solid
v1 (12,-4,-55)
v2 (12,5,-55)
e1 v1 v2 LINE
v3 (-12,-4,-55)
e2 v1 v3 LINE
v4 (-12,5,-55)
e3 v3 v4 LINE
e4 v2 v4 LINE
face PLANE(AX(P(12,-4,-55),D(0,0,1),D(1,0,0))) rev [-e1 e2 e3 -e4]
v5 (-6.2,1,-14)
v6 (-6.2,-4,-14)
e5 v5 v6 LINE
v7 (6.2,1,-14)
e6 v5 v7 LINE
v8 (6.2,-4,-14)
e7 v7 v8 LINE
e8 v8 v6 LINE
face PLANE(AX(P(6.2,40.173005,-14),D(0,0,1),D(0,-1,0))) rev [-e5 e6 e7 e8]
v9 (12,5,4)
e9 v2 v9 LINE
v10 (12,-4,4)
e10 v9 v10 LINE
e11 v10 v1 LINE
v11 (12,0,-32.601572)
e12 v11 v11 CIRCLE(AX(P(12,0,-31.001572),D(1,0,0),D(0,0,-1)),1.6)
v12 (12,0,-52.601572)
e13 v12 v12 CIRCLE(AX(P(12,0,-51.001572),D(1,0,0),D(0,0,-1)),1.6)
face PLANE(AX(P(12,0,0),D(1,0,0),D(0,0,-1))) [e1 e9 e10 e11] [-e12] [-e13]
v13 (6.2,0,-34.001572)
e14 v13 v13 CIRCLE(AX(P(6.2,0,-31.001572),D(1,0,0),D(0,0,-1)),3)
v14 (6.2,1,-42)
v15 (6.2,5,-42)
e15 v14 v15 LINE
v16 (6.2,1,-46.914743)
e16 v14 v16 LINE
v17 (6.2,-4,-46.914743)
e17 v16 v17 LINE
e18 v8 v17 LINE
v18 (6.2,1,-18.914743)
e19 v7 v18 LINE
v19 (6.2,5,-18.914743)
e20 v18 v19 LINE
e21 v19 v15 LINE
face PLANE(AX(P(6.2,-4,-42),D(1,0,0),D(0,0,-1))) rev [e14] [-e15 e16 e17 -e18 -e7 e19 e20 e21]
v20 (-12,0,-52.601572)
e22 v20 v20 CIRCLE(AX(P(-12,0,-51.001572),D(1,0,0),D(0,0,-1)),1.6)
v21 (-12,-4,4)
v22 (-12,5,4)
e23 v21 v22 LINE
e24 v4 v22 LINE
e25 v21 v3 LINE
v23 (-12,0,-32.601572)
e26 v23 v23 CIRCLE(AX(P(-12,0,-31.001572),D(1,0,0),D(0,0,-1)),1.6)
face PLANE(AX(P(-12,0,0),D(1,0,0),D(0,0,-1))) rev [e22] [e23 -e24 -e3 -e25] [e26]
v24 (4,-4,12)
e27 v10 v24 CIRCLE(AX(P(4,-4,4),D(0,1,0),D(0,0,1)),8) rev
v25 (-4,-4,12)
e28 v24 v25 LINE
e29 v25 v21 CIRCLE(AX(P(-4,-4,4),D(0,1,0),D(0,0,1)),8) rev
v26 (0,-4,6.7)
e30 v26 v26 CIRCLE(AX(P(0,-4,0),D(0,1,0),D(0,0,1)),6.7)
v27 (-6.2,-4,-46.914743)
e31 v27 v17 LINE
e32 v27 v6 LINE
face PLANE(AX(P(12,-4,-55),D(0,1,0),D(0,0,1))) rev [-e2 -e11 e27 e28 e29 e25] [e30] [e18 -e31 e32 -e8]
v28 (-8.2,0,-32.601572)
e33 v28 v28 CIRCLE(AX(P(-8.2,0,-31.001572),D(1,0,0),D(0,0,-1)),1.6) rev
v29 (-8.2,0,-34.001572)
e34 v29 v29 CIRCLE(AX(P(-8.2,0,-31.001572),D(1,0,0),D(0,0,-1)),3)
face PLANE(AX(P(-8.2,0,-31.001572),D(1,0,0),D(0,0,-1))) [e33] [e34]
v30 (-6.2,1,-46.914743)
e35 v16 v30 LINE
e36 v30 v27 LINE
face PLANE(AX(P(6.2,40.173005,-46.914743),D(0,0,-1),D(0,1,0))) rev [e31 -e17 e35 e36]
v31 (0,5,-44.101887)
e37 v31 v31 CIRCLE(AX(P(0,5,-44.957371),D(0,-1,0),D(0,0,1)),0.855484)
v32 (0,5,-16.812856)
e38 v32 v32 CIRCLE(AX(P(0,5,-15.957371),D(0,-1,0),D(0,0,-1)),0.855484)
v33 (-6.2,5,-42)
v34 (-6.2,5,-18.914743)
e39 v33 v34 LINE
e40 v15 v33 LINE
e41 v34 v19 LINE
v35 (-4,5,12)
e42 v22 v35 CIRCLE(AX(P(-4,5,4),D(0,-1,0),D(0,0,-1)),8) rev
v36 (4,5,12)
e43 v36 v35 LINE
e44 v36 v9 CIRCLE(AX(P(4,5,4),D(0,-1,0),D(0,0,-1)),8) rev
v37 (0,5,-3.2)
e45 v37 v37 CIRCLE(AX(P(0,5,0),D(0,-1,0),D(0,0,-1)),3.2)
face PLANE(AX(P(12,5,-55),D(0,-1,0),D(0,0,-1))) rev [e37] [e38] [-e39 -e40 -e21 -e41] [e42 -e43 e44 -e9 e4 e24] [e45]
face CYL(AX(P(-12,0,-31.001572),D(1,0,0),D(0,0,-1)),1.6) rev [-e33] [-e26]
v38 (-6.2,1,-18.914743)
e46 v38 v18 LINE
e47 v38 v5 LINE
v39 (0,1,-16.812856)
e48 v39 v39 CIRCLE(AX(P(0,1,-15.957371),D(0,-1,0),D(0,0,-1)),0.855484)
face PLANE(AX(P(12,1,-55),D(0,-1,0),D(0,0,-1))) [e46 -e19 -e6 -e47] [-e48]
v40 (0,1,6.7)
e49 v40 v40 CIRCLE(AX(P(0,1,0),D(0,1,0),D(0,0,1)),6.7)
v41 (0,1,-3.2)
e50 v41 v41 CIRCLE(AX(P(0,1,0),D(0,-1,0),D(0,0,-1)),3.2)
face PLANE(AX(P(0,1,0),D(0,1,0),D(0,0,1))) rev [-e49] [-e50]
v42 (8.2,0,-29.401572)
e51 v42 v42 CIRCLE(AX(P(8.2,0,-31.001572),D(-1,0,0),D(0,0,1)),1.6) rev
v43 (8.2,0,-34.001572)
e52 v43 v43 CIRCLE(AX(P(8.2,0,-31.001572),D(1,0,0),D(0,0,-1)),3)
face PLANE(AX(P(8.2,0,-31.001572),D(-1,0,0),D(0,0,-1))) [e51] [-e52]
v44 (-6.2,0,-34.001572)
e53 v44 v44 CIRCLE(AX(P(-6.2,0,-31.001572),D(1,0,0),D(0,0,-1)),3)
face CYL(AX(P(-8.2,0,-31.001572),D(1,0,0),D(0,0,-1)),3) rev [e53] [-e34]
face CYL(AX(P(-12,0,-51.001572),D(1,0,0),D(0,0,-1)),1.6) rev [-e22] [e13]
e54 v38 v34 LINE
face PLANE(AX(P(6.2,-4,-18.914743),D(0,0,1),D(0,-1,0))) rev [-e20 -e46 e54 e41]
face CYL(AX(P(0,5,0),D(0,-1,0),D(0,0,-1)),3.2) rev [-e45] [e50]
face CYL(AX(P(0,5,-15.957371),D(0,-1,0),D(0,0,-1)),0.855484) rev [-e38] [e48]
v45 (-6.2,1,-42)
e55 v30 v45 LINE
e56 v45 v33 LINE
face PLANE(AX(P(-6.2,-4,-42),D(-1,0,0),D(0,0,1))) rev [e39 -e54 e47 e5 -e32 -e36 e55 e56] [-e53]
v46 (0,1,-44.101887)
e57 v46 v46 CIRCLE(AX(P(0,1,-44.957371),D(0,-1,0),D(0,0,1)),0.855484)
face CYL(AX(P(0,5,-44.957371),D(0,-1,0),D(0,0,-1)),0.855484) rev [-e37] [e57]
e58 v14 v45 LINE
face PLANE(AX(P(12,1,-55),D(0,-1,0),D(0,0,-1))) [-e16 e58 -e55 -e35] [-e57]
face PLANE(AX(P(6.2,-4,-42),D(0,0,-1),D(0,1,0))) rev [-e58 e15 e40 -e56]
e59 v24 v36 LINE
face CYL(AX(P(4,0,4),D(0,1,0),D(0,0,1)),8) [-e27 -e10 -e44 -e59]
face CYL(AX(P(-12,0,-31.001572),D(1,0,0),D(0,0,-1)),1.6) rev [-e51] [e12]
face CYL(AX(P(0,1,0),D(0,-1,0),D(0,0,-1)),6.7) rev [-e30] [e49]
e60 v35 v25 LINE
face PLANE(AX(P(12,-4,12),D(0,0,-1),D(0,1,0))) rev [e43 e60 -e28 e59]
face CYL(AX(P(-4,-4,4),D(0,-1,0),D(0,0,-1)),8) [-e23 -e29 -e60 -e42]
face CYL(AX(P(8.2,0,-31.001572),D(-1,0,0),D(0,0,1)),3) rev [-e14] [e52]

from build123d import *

# Parameters (mm, degrees)
SKETCH_1_W          = 67
SKETCH_1_H          = 9
EXTRUDE_1_DEPTH     = 12
SKETCH_2_R          = 6.7
CUT_EXTRUDE_1_DEPTH = 5
SKETCH_4_R          = 3.2
CUT_EXTRUDE_3_DEPTH = 57.515484604
SKETCH_3_W          = 12.4
SKETCH_3_H          = 23.085257288
CUT_EXTRUDE_2_DEPTH = 58.008771255
SKETCH_5_W          = 12.4
SKETCH_5_H          = 32.914742712
CUT_EXTRUDE_4_DEPTH = 5
SKETCH_6_R          = 0.855484329
CUT_EXTRUDE_5_DEPTH = 57.515484604
FILLET_1_R          = 8
SKETCH_7_R          = 1.6
CUT_EXTRUDE_6_DEPTH = 61.216276869
SKETCH_8_R          = 3
CUT_EXTRUDE_7_DEPTH = 2


with BuildPart() as part:
    # 草图1 → 凸台-拉伸1 (new, symmetric)
    with BuildSketch(Plane(origin=(0, 0, 0), x_dir=(0, 0, -1), z_dir=(1, 0, 0))):
        with Locations((21.5, 0.5)):
            Rectangle(SKETCH_1_W, SKETCH_1_H)
    extrude(amount=EXTRUDE_1_DEPTH, both=True)

    # 草图2 → 切除-拉伸1 (cut)
    with BuildSketch(Plane(origin=(0, -4, 0), x_dir=(1, 0, 0), z_dir=(0, 1, 0))):
        with Locations(Location((0, 0, 0), (0, 0, 270))):
            Circle(SKETCH_2_R)
    extrude(amount=CUT_EXTRUDE_1_DEPTH, mode=Mode.SUBTRACT)

    # 草图4 → 切除-拉伸3 (cut, through all)
    with BuildSketch(Plane.XZ.offset(-1)):
        with Locations(Location((0, 0, 0), (0, 0, 270))):
            Circle(SKETCH_4_R)
    extrude(amount=-CUT_EXTRUDE_3_DEPTH, mode=Mode.SUBTRACT)

    # 草图3 → 切除-拉伸2 (cut, through all)
    with BuildSketch(Plane(origin=(0, 5, 0), x_dir=(1, 0, 0), z_dir=(0, 1, 0))):
        with Locations((0, 30.457371356)):
            Rectangle(SKETCH_3_W, SKETCH_3_H)
    extrude(amount=-CUT_EXTRUDE_2_DEPTH, mode=Mode.SUBTRACT)

    # 草图5 → 切除-拉伸4 (cut)
    with BuildSketch(Plane.XZ.offset(4)):
        with Locations((0, -30.457371356)):
            Rectangle(SKETCH_5_W, SKETCH_5_H)
    extrude(amount=-CUT_EXTRUDE_4_DEPTH, mode=Mode.SUBTRACT)

    # 草图6 → 切除-拉伸5 (cut, through all)
    with BuildSketch(Plane.XZ.offset(-1)):
        with Locations(Location((0, -15.957371356, 0), (0, 0, 270))):
            Circle(SKETCH_6_R)
        with Locations(Location((0, -44.957371356, 0), (0, 0, 90))):
            Circle(SKETCH_6_R)
    extrude(amount=-CUT_EXTRUDE_5_DEPTH, mode=Mode.SUBTRACT)

    # 圆角1
    fillet_1_edges = [part.edges().sort_by_distance(p)[0] for p in [
        (12, 0.5, 12),
        (-12, 0.5, 12),
    ]]
    fillet(fillet_1_edges, radius=FILLET_1_R)

    # 草图7 → 切除-拉伸6 (cut, through all)
    with BuildSketch(Plane(origin=(12, 0, 0), x_dir=(0, 0, -1), z_dir=(1, 0, 0))):
        with Locations((51.001572261, 0)):
            Circle(SKETCH_7_R)
        with Locations((31.001572261, 0)):
            Circle(SKETCH_7_R)
    extrude(amount=-CUT_EXTRUDE_6_DEPTH, mode=Mode.SUBTRACT)

    # 草图8 → 切除-拉伸7 (cut)
    with BuildSketch(Plane(origin=(-6.2, 0, 0), x_dir=(0, 0, -1), z_dir=(1, 0, 0))):
        with Locations((31.001572261, 0)):
            Circle(SKETCH_8_R)
    cut_extrude_7 = extrude(amount=-CUT_EXTRUDE_7_DEPTH, mode=Mode.SUBTRACT)

    # 镜向1: 切除-拉伸7 across plane
    add(cut_extrude_7.mirror(Plane(origin=(0, 0, 0), x_dir=(0, 0, 1), z_dir=(1, 0, 0))), mode=Mode.SUBTRACT)


solid = part.part
